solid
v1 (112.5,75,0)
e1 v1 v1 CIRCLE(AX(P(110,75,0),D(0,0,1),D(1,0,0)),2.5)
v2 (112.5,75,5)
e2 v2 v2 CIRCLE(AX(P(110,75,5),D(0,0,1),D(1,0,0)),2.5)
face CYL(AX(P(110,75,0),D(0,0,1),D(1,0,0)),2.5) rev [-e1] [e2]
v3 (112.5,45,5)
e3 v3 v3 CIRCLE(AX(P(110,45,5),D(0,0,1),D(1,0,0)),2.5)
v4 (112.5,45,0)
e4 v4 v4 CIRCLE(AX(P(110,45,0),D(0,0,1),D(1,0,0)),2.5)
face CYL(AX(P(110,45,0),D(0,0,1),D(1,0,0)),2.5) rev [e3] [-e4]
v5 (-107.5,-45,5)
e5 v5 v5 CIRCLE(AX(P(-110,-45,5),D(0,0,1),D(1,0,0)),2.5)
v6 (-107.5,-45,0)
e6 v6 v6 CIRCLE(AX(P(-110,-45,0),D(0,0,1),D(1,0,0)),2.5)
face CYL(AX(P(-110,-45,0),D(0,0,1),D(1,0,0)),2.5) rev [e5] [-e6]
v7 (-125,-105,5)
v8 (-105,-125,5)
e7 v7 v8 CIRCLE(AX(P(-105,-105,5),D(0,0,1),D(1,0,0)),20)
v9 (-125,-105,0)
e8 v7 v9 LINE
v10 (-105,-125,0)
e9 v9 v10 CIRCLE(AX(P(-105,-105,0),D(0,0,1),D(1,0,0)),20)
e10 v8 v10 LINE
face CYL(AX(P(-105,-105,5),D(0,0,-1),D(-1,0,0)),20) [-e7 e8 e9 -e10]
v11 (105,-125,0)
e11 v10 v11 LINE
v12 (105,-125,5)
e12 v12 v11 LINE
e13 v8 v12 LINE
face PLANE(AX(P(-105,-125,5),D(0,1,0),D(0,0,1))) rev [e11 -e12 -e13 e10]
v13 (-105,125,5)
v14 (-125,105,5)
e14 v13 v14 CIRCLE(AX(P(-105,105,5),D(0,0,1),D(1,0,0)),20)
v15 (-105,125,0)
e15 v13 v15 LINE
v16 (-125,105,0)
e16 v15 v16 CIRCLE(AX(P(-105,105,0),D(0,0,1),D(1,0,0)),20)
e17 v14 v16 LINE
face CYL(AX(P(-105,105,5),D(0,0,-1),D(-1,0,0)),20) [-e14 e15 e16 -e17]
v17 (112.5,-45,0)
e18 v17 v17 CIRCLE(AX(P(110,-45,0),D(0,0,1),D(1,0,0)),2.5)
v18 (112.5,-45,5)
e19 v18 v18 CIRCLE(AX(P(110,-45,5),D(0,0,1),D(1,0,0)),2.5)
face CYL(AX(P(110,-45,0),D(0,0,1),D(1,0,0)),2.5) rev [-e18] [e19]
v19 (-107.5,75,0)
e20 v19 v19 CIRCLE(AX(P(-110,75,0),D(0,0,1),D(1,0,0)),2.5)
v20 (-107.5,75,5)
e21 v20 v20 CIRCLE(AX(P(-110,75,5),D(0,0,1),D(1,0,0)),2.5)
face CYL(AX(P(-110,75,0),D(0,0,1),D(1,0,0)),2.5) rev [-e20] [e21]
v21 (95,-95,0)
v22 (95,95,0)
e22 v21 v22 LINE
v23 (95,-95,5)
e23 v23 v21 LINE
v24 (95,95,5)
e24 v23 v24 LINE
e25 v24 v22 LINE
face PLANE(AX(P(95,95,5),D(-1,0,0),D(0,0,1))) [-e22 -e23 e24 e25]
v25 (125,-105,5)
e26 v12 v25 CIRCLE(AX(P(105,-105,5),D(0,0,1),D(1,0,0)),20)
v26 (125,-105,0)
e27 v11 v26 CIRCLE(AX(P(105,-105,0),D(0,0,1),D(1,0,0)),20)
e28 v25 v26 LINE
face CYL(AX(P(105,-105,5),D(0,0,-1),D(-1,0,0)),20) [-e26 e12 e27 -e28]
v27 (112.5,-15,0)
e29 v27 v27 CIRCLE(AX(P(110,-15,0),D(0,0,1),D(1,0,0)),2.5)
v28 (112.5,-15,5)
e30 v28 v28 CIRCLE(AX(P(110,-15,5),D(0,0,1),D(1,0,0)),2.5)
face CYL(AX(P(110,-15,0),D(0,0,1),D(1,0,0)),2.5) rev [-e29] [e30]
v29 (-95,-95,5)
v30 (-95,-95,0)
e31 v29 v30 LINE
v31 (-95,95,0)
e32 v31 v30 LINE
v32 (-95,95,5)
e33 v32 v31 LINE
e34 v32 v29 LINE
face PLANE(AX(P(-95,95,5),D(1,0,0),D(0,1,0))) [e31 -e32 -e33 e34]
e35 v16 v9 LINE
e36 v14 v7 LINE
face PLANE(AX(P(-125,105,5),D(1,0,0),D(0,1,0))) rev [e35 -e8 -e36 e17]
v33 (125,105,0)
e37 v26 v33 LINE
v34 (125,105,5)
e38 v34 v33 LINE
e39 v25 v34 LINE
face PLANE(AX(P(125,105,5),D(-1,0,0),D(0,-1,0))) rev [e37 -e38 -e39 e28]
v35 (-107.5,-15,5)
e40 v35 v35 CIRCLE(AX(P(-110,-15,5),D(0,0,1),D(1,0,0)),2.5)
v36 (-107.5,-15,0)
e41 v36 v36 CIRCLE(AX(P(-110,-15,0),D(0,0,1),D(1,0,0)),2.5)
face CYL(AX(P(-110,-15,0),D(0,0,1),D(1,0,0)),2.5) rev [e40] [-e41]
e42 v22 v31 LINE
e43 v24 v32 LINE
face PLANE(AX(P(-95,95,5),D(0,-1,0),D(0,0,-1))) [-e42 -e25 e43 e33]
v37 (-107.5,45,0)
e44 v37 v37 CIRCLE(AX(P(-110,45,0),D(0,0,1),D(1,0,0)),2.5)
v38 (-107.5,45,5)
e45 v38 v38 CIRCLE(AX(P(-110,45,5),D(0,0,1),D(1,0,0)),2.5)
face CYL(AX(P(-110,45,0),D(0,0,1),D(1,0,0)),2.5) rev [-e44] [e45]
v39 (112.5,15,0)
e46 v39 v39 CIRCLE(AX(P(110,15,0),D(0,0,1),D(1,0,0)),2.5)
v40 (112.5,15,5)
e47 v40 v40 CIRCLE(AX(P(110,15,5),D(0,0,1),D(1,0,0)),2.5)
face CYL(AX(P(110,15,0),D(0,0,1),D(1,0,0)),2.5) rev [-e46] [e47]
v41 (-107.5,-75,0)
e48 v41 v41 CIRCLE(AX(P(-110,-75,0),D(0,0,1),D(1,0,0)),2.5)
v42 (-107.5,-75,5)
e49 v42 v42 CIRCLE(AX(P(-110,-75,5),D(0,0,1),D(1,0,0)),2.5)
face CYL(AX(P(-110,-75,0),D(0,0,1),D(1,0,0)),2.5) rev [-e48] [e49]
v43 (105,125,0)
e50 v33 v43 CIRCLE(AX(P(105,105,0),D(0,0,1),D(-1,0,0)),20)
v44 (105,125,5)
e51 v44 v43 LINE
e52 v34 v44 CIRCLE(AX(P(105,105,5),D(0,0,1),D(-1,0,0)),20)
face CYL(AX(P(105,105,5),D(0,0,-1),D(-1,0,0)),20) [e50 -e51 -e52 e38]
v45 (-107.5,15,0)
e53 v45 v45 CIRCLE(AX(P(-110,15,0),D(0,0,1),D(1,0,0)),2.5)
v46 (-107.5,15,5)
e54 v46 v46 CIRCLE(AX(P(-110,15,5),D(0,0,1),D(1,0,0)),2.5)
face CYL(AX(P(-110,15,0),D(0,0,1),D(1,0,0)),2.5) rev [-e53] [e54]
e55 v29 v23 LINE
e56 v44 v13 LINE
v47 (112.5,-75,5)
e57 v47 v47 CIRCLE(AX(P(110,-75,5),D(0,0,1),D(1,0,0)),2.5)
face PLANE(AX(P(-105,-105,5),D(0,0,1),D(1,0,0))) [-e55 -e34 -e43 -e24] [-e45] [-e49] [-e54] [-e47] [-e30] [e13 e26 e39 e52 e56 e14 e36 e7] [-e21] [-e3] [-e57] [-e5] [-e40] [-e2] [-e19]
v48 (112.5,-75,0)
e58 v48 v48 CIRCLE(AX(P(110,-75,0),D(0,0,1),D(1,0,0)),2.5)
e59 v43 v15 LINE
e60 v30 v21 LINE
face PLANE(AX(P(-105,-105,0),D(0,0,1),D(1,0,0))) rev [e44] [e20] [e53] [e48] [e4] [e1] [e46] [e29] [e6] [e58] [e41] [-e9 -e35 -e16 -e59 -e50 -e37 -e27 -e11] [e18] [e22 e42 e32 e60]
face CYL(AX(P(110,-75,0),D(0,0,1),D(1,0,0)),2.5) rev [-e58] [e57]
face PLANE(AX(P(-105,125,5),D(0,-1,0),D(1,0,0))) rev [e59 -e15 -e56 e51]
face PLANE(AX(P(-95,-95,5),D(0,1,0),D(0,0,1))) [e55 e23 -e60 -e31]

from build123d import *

# Parameters (mm, degrees)
SKETCH1_W           = 190
SKETCH1_H           = 190
BOSS_EXTRUDE1_DEPTH = 5
SKETCH2_R           = 2.5
CUT_EXTRUDE1_DEPTH  = 177.847391838
LPATTERN1_COUNT     = 6
LPATTERN1_PITCH     = 30


with BuildPart() as part:
    # Sketch1 → Boss-Extrude1 (new body)
    with BuildSketch(Plane.XY):
        with BuildLine():
            Line((-105, 125), (105, 125))
            ThreePointArc((105, 125), (119.142135624, 119.142135624), (125, 105))
            Line((125, 105), (125, -105))
            ThreePointArc((125, -105), (119.142135624, -119.142135624), (105, -125))
            Line((105, -125), (-105, -125))
            ThreePointArc((-105, -125), (-119.142135624, -119.142135624), (-125, -105))
            Line((-125, -105), (-125, 105))
            ThreePointArc((-125, 105), (-119.142135624, 119.142135624), (-105, 125))
        make_face()
        Rectangle(SKETCH1_W, SKETCH1_H, mode=Mode.SUBTRACT)
    extrude(amount=BOSS_EXTRUDE1_DEPTH)

    # Sketch2 → Cut-Extrude1 (cut, through all)
    with BuildSketch(Plane.XY.offset(5)):
        with Locations((-110, 75)):
            Circle(SKETCH2_R)
        with Locations((110, 75)):
            Circle(SKETCH2_R)
    cut_extrude1 = extrude(amount=-CUT_EXTRUDE1_DEPTH, mode=Mode.SUBTRACT)

    # LPattern1: Cut-Extrude1 ×6
    with Locations(*[(0, -i * LPATTERN1_PITCH, 0) for i in range(1, LPATTERN1_COUNT)]):
        add(cut_extrude1, mode=Mode.SUBTRACT)


solid = part.part
